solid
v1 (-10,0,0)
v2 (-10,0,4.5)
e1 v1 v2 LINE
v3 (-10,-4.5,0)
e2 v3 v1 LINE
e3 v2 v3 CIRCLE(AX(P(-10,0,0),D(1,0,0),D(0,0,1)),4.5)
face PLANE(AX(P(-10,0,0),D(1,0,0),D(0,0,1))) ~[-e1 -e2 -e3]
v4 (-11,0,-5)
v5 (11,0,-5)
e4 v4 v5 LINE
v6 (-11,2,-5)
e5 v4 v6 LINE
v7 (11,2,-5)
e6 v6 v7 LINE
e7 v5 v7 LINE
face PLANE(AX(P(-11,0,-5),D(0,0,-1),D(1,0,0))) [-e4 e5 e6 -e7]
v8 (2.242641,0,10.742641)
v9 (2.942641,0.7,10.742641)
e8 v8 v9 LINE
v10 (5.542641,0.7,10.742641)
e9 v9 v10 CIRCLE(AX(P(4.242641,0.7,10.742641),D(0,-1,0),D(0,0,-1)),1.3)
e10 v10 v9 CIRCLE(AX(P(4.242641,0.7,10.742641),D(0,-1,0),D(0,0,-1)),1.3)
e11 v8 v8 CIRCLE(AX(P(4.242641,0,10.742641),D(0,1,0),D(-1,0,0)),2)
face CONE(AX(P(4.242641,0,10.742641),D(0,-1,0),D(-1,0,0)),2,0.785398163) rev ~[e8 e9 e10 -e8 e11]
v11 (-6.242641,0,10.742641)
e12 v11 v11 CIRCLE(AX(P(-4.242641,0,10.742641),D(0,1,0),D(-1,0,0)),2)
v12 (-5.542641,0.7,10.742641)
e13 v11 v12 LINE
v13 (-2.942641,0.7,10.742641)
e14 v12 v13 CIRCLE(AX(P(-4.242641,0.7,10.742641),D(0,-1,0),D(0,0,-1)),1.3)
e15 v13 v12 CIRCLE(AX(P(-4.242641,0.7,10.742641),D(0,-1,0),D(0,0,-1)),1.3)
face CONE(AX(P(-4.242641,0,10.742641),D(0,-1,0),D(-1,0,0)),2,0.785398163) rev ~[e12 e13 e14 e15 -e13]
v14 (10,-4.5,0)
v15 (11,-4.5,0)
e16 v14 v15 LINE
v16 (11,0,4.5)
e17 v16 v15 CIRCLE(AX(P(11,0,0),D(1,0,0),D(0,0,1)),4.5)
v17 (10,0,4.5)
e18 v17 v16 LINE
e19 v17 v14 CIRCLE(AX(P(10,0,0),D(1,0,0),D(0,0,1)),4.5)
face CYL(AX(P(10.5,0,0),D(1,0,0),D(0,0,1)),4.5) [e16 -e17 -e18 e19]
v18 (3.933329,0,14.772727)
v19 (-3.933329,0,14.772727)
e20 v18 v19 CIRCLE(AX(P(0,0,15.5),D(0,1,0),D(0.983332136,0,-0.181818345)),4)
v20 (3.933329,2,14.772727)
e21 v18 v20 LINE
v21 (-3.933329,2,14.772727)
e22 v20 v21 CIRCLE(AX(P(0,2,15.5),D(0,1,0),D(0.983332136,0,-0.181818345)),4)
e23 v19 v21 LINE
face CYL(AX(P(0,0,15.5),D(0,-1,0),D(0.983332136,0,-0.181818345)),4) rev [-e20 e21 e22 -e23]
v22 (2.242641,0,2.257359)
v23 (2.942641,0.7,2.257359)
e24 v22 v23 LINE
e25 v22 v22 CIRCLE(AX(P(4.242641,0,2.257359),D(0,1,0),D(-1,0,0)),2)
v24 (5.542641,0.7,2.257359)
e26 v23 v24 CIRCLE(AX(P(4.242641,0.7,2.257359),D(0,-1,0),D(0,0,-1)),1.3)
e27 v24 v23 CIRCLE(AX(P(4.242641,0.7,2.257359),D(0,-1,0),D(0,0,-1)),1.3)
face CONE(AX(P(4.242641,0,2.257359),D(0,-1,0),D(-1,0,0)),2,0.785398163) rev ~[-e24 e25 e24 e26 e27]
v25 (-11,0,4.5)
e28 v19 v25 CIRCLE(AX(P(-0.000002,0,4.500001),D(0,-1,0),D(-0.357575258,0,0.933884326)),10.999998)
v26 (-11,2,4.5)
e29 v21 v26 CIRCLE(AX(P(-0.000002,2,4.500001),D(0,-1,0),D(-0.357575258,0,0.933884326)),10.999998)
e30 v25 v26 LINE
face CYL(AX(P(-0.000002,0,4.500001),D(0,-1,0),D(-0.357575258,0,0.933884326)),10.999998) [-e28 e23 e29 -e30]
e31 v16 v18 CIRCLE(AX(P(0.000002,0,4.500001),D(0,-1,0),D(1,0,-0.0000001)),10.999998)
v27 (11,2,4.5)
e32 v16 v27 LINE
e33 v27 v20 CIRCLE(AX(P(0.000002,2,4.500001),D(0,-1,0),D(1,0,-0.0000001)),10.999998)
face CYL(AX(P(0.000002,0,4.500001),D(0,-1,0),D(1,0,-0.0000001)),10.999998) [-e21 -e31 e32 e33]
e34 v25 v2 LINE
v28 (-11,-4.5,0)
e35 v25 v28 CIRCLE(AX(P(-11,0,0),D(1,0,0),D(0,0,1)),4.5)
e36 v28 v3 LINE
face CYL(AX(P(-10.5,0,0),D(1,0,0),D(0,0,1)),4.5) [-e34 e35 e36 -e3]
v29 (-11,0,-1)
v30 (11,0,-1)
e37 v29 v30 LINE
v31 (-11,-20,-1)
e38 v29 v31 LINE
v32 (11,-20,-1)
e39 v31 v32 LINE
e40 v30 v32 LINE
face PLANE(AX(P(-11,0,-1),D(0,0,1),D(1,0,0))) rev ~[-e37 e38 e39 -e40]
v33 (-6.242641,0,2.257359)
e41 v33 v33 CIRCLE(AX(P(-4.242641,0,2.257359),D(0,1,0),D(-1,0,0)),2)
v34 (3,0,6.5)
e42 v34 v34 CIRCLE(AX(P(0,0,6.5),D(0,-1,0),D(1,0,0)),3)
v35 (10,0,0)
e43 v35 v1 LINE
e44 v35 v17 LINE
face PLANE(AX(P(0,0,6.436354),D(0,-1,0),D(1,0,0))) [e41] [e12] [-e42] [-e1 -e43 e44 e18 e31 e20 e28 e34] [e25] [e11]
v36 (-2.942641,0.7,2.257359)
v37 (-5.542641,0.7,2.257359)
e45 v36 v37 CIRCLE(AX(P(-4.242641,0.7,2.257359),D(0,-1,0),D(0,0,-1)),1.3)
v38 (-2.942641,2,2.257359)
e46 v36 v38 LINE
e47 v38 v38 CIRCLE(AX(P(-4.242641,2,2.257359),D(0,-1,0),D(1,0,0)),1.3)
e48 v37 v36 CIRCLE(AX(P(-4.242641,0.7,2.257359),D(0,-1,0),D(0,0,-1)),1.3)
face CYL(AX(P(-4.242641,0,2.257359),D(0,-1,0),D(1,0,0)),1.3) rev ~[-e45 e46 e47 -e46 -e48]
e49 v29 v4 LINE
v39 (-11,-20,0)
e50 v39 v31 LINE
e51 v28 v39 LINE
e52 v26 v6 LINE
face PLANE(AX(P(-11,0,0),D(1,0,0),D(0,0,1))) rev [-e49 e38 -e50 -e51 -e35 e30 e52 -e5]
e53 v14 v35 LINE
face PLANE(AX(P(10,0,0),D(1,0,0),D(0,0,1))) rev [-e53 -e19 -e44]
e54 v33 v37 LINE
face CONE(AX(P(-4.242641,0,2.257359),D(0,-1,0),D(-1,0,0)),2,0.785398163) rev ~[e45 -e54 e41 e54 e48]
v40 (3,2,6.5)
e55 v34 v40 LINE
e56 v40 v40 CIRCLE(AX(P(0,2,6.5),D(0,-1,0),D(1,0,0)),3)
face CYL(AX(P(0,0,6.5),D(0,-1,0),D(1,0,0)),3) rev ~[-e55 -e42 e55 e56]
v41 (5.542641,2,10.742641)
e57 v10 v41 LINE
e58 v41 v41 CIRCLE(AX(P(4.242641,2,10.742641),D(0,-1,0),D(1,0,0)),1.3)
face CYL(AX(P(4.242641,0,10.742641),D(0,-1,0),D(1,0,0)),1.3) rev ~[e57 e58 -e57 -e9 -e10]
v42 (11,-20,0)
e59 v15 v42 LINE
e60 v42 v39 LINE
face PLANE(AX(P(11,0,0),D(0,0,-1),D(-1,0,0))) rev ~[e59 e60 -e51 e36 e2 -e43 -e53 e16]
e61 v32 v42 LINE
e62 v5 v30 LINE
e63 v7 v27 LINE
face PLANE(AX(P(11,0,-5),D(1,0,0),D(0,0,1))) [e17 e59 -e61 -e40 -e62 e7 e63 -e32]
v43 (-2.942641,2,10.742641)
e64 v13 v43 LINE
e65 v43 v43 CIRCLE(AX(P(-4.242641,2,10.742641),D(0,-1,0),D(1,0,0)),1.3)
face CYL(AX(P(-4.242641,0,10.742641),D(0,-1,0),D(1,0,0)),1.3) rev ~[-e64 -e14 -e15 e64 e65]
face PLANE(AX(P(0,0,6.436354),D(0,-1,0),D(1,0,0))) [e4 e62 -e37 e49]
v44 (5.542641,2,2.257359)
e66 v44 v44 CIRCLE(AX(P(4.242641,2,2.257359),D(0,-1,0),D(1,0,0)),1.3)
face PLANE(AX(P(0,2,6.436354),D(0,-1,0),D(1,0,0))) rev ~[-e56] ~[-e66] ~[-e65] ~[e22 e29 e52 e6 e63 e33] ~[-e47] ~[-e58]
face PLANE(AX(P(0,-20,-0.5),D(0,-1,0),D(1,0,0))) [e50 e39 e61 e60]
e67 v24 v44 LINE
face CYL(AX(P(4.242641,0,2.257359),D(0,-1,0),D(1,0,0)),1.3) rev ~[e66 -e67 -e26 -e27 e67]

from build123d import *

# Parameters (mm, degrees)
F0_R           = 1.3
F0_R_2         = 3
F0_W           = 22
F0_H           = 4
F0_W_2         = 1
F0_H_2         = 4.5
F1_DEPTH       = 2
F2_DEPTH       = 20
F3_ANGLE       = 91
F4_D           = 2
F4_DEPTH       = 3
F4_CSINK_D     = 4
F4_CSINK_ANGLE = 90


with BuildPart() as f1:
    # F0 (on Front) → F1 (new body)
    with BuildSketch(Plane.XZ):
        with BuildLine():
            Line((10, 4.5), (11, 4.5))
            ThreePointArc((11, 4.5), (9.062743, 10.734316), (3.933329, 14.772727))
            ThreePointArc((3.933329, 14.772727), (0, 11.5), (-3.933329, 14.772727))
            ThreePointArc((-3.933329, 14.772727), (-9.062743, 10.734316), (-11, 4.5))
            Line((-11, 4.5), (-10, 4.5))
            Line((-10, 4.5), (-10, 0))
            Line((-10, 0), (10, 0))
            Line((10, 0), (10, 4.5))
        make_face()
        with Locations((-4.242641, 2.257359)):
            Circle(F0_R, mode=Mode.SUBTRACT)
        with Locations((4.242641, 2.257359)):
            Circle(F0_R, mode=Mode.SUBTRACT)
        with Locations((-4.242641, 10.742641)):
            Circle(F0_R, mode=Mode.SUBTRACT)
        with Locations((0, 6.5)):
            Circle(F0_R_2, mode=Mode.SUBTRACT)
        with Locations((4.242641, 10.742641)):
            Circle(F0_R, mode=Mode.SUBTRACT)
        with Locations((0, -3)):
            Rectangle(F0_W, F0_H)
        Polygon((-11, -1), (11, -1), (11, 0), (10, 0), (-10, 0), (-11, 0), align=None)
        with Locations((-10.5, 2.25)):
            Rectangle(F0_W_2, F0_H_2)
        with Locations((10.5, 2.25)):
            Rectangle(F0_W_2, F0_H_2)
    extrude(amount=-F1_DEPTH)



with BuildPart() as f2:
    # F0 (on Front) → F2 (new body)
    with BuildSketch(Plane.XZ):
        Polygon((-11, -1), (11, -1), (11, 0), (10, 0), (-10, 0), (-11, 0), align=None)
    extrude(amount=F2_DEPTH)


with BuildPart() as f1_1:
    add(f1.part)

    add(f2.part)  # F3 merges F2
    # F0 (on Front) → F3 (revolve)
    with BuildSketch(Plane.XZ):
        with Locations((-10.5, 2.25)):
            Rectangle(F0_W_2, F0_H_2)
        with Locations((10.5, 2.25)):
            Rectangle(F0_W_2, F0_H_2)
    revolve(axis=Axis((0, 0, 0), (1, 0, 0)), revolution_arc=F3_ANGLE)

    # F4
    with Locations(Plane.XZ):
        with Locations((-4.242641, 10.742641), (-4.242641, 2.257359), (4.242641, 2.257359), (4.242641, 10.742641)):
            CounterSinkHole(F4_D / 2, F4_CSINK_D / 2, depth=F4_DEPTH, counter_sink_angle=F4_CSINK_ANGLE)


solid = f1_1.part
